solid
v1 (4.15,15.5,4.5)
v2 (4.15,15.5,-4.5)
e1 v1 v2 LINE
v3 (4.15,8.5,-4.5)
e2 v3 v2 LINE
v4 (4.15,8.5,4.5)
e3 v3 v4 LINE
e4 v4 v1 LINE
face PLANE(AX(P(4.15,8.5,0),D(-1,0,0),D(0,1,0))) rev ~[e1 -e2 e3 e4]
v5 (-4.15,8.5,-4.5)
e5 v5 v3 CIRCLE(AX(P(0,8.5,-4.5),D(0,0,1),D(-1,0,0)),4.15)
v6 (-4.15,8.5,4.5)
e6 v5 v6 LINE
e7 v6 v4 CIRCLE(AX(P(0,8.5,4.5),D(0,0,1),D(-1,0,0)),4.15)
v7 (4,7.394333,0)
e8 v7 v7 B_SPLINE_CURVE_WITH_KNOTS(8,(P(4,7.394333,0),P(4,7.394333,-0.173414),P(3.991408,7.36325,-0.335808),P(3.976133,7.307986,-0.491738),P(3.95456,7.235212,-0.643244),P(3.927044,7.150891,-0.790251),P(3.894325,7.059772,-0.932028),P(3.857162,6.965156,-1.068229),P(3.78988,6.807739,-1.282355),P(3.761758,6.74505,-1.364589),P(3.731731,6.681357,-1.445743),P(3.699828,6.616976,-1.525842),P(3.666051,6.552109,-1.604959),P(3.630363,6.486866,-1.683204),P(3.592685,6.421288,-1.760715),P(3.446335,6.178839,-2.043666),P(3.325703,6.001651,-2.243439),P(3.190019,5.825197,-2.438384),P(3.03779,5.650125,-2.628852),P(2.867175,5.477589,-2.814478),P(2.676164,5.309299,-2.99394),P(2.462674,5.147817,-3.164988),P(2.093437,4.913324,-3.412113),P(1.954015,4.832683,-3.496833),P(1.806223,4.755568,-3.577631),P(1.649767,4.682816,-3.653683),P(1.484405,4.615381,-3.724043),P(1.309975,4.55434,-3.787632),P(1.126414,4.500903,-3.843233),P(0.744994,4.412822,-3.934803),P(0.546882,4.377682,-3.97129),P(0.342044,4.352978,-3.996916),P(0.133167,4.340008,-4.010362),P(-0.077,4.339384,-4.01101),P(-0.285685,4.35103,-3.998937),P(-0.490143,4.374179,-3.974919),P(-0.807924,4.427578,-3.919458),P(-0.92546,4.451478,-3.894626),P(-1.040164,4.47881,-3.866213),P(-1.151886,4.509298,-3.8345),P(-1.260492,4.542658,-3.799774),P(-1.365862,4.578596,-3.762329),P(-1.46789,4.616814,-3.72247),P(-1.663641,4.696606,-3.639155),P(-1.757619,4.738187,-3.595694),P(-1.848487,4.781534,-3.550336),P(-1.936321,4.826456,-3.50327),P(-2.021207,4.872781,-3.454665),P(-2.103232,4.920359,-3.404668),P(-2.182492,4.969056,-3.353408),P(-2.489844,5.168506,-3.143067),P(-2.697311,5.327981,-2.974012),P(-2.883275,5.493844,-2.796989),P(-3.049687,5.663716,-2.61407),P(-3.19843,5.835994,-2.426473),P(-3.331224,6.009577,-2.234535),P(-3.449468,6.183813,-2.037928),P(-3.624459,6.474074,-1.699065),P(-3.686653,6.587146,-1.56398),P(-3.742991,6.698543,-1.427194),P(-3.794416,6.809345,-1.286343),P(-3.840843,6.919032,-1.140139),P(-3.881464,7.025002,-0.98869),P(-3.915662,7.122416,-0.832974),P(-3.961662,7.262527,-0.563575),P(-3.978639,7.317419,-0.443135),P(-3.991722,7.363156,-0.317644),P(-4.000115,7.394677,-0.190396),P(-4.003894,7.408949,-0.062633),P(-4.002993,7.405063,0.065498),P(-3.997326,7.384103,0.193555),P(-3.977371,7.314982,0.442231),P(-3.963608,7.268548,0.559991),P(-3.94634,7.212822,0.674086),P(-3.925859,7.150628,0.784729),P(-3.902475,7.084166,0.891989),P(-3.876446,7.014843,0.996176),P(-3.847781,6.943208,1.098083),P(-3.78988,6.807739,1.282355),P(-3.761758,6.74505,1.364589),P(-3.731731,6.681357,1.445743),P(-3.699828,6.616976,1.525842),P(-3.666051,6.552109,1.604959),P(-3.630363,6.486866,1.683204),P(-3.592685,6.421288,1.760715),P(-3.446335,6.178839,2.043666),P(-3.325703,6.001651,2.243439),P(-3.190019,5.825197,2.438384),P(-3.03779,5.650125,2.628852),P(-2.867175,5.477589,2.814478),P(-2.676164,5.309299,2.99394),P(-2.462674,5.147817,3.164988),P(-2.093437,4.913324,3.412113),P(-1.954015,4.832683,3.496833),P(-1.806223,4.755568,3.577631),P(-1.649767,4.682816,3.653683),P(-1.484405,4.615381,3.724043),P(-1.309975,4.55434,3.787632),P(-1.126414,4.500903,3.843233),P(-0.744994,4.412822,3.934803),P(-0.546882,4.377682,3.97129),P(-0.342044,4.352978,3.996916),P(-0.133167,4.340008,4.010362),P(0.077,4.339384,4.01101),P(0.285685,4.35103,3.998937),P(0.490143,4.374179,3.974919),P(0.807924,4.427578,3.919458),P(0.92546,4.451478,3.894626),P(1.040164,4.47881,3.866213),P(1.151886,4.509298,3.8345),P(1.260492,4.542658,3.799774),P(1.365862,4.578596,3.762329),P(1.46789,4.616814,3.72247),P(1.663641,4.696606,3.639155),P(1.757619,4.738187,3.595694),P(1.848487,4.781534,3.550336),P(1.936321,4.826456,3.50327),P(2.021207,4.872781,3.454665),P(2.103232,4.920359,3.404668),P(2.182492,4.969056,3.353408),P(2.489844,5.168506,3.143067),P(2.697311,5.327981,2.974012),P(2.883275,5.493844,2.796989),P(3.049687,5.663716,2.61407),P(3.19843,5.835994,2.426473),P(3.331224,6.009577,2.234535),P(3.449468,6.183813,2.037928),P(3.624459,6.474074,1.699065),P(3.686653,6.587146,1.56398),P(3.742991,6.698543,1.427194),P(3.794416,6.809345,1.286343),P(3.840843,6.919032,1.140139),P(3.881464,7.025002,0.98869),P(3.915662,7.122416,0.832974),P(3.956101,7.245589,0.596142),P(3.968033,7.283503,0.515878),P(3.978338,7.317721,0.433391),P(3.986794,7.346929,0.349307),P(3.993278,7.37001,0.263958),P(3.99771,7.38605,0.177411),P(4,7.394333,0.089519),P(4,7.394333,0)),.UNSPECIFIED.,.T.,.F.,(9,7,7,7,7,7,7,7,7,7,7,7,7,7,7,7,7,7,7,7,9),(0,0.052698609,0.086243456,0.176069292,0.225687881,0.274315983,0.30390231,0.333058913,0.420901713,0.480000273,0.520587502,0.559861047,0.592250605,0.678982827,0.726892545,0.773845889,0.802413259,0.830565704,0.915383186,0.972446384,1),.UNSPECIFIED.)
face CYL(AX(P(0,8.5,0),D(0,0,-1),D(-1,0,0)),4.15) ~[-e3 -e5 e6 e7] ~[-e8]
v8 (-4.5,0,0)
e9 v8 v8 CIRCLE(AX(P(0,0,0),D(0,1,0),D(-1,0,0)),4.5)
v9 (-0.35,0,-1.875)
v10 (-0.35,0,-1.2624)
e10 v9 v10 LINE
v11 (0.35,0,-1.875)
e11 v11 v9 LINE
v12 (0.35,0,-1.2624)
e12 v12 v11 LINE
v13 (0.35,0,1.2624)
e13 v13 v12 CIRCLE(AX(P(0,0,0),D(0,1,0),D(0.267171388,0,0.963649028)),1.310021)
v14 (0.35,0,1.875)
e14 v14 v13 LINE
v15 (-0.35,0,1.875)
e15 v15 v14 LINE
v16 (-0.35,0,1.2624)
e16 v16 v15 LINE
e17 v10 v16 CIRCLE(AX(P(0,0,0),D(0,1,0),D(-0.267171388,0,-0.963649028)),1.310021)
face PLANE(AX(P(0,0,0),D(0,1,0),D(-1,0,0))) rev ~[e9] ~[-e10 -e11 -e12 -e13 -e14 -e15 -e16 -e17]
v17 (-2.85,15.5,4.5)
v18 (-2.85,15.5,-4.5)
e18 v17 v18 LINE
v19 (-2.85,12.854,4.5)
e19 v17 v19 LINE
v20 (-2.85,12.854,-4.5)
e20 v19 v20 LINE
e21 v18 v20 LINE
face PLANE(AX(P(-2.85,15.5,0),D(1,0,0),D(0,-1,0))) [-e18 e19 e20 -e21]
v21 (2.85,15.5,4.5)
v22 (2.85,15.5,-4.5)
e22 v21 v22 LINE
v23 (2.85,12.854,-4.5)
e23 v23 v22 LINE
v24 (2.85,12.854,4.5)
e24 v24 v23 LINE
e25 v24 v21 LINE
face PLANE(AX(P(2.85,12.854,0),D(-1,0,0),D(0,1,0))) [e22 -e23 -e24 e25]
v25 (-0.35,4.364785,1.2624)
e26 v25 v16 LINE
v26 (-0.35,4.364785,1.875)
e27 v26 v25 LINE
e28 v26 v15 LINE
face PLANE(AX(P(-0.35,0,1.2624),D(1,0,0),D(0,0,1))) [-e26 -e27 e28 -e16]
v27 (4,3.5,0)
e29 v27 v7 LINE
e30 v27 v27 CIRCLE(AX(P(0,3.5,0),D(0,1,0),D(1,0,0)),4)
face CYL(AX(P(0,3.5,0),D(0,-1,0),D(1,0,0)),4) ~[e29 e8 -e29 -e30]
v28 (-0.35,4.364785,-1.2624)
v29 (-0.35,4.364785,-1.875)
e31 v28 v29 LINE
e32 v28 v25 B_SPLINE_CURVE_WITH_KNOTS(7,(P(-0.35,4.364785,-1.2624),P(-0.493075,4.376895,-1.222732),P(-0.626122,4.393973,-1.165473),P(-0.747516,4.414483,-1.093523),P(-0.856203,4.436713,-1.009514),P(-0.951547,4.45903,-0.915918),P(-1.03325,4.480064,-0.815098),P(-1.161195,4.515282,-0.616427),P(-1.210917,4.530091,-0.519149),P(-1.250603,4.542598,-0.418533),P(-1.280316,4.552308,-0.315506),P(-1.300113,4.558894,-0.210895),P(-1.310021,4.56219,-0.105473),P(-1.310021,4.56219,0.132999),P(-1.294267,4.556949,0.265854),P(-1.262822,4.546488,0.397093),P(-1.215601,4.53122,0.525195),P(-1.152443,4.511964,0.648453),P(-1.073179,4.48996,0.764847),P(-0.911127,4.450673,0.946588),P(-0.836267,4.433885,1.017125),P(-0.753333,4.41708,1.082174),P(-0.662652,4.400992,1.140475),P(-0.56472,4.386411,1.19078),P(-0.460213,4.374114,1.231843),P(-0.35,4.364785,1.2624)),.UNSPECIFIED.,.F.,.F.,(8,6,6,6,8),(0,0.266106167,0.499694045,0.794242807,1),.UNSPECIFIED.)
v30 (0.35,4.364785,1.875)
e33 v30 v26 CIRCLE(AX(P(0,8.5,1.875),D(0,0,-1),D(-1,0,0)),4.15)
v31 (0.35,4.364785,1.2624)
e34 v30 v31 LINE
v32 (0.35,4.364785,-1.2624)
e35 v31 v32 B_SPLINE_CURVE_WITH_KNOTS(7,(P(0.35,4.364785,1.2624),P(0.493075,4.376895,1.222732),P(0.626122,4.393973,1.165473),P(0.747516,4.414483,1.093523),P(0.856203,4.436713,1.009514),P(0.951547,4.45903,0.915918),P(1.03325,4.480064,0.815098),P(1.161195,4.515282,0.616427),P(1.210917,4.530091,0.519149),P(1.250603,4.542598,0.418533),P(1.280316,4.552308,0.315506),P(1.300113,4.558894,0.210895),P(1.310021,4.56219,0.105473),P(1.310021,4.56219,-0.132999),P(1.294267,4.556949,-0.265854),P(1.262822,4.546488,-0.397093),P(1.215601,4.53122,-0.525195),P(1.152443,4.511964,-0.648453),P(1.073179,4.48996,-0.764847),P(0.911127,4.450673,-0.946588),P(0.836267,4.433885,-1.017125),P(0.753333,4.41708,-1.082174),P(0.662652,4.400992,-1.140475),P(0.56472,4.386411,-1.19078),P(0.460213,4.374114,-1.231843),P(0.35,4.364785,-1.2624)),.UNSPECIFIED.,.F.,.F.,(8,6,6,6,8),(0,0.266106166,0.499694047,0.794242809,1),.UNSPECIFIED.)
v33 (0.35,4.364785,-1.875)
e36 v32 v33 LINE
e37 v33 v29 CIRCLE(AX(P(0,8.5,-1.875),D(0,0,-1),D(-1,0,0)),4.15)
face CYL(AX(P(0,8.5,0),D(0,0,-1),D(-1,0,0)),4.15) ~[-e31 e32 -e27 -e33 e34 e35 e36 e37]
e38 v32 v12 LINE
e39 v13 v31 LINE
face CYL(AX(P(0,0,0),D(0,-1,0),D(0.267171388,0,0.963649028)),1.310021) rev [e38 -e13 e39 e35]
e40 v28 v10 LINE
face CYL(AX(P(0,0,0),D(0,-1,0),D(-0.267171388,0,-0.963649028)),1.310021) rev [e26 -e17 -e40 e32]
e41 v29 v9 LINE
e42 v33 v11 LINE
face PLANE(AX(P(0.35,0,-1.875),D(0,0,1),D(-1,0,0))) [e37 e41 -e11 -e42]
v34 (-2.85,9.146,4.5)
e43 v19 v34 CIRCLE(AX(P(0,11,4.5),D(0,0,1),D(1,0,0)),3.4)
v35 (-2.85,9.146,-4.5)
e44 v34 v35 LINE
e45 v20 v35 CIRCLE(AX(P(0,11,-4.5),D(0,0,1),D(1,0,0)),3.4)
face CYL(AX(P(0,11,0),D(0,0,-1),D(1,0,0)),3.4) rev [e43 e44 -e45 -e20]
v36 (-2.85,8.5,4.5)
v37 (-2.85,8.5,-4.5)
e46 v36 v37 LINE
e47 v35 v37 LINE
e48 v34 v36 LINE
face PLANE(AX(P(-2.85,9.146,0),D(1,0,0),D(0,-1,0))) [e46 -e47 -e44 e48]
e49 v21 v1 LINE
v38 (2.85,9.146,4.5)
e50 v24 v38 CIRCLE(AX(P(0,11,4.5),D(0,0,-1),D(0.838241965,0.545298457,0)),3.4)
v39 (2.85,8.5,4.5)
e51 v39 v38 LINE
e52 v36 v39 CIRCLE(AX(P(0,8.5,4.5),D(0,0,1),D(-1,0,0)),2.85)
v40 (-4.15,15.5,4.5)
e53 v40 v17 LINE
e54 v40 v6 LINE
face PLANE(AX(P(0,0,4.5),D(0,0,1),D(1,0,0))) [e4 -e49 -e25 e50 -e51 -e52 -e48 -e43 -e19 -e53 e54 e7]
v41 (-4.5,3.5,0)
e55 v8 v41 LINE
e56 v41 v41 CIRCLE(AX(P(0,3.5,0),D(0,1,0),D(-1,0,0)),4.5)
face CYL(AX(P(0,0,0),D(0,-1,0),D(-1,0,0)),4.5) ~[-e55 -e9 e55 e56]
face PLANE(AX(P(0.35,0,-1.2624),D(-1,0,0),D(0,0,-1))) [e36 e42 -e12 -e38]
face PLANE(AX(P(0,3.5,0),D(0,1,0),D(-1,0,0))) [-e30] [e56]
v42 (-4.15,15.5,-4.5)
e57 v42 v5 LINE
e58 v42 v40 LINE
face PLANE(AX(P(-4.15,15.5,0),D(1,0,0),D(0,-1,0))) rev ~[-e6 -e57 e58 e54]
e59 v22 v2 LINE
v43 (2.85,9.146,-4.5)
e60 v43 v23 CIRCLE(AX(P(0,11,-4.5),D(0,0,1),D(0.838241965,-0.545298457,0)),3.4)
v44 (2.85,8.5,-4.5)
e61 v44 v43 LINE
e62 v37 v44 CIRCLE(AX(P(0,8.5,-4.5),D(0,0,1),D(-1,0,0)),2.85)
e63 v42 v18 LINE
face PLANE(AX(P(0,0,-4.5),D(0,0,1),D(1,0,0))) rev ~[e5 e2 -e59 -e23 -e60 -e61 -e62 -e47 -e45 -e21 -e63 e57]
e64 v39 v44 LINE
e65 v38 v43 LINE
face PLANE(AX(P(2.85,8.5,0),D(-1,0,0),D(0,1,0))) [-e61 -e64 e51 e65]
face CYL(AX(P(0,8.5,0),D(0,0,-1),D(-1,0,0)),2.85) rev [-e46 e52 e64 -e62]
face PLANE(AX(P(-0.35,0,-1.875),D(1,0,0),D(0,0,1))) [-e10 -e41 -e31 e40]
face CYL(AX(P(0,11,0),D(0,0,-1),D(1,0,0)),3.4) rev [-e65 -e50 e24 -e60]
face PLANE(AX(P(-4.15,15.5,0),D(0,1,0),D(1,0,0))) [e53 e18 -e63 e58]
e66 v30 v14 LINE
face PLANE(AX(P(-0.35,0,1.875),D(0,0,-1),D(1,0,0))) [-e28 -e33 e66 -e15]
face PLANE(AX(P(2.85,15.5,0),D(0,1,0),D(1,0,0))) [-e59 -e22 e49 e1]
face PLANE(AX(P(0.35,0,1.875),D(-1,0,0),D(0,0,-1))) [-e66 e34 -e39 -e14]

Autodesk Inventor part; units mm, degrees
ref_plane "YZ Plane" through (0, 0, 0) normal (1, 0, 0) x (0, 1, 0)
ref_plane "XZ Plane" through (0, 0, 0) normal (0, 1, 0) x (-1, 0, 0)
ref_plane "XY Plane" through (0, 0, 0) normal (0, 0, 1) x (1, 0, 0)
sketch "Sketch1" plane through (0, 0, 0) normal (0, 1, 0) x (-1, 0, 0)
  circle A0 centre (0, 0) radius 1.05 construction
  arc A1 (-0.35, 1.2624) -> (-0.35, -1.2624) centre (0, 0) ccw
  circle A2 centre (0, 0) radius 4.5
  line L0 (0.35, 1.875) -> (-0.35, 1.875)
  line L1 (-0.35, 1.875) -> (-0.35, -1.875)
  line L2 (-0.35, -1.875) -> (0.35, -1.875)
  line L3 (0.35, -1.875) -> (0.35, 1.875)
  arc A3 (0.35, 1.2624) -> (-0.35, 1.2624) centre (0, 0) ccw
  arc A4 (0.35, -1.2624) -> (0.35, 1.2624) centre (0, 0) ccw
  arc A5 (-0.35, -1.2624) -> (0.35, -1.2624) centre (0, 0) ccw
  point P0 (0, 1.875)
  point P1 (0.35, 0)
  dimension "d1" = 2.1
  dimension "d3" = 9
  dimension "d18" = 0.26
  dimension "d19" = 0.7
  dimension "d20" = 3.75
extrude "Extrusion1" add sketch "Sketch1" along normal blind 3.5
sketch "Sketch4" plane through (0, 0, 0) normal (0, 0, 1) x (1, 0, 0)
  line L0 (-4.15, 15.5) -> (-4.15, 8.5)
  arc A0 (-4.15, 8.5) -> (4.15, 8.5) centre (0, 8.5) ccw
  line L1 (4.15, 8.5) -> (4.15, 15.5)
  line L2 (-2.85, 15.5) -> (-2.85, 12.854)
  arc A1 (-2.85, 8.5) -> (2.85, 8.5) centre (0, 8.5) ccw
  line L3 (2.85, 8.5) -> (2.85, 9.146)
  line L4 (-4.15, 15.5) -> (-2.85, 15.5)
  line L5 (2.85, 15.5) -> (4.15, 15.5)
  line L6 (-0.35, 0) -> (0.35, 0) projected
  line L7 (4.5, 3.5) -> (-4.5, 3.5) projected
  circle A2 centre (0, 11) radius 3.4
  line L8 (-2.85, 12.854) -> (-2.85, 9.146)
  line L9 (-2.85, 9.146) -> (-2.85, 8.5)
  line L10 (2.85, 9.146) -> (2.85, 12.854)
  line L11 (2.85, 12.854) -> (2.85, 15.5)
  point P0 (0, 0)
  point P1 (0, 0)
  dimension "d21" = 2.85
  dimension "d23" = 1.3
  dimension "d24" = 5
  dimension "d25" = 7
  dimension "d26" = 6.8
  dimension "d27" = 2.5
extrude "Extrusion5" add sketch "Sketch4" along normal mid plane 9 contours L4 L2 A2 L9 A1 L3 L11 L5 L1 A0 L0
sketch "Sketch8" plane through (0, 3.5, 0) normal (0, 1, 0) x (1, 0, 0)
  circle A0 centre (0, 0) radius 4
  arc A1 (0.35, -1.2624) -> (0.35, 1.2624) centre (0, 0) ccw projected
  line L0 (0.35, 1.875) -> (0.35, 1.2624) projected
  line L1 (-0.35, 1.875) -> (0.35, 1.875) projected
  line L2 (-0.35, 1.2624) -> (-0.35, 1.875) projected
  arc A2 (-0.35, 1.2624) -> (-0.35, -1.2624) centre (0, 0) ccw projected
  line L3 (-0.35, -1.875) -> (-0.35, -1.2624) projected
  line L4 (0.35, -1.875) -> (-0.35, -1.875) projected
  line L5 (0.35, -1.2624) -> (0.35, -1.875) projected
  dimension "d33" = 8
extrude "Extrusion6" add sketch "Sketch8" along normal up to next
sketch "Sketch2" plane through (0, 3.5, 0) normal (0, 1, 0) x (1, 0, 0)
  circle A0 centre (0, 0) radius 1.31 projected
  circle A1 centre (0, 0) radius 3.31
  dimension "d6" = 2
  dimension "d9" = 7.3
  dimension "d10" = 2
properties part number "Laser Mount" material "ABS Plastic"
